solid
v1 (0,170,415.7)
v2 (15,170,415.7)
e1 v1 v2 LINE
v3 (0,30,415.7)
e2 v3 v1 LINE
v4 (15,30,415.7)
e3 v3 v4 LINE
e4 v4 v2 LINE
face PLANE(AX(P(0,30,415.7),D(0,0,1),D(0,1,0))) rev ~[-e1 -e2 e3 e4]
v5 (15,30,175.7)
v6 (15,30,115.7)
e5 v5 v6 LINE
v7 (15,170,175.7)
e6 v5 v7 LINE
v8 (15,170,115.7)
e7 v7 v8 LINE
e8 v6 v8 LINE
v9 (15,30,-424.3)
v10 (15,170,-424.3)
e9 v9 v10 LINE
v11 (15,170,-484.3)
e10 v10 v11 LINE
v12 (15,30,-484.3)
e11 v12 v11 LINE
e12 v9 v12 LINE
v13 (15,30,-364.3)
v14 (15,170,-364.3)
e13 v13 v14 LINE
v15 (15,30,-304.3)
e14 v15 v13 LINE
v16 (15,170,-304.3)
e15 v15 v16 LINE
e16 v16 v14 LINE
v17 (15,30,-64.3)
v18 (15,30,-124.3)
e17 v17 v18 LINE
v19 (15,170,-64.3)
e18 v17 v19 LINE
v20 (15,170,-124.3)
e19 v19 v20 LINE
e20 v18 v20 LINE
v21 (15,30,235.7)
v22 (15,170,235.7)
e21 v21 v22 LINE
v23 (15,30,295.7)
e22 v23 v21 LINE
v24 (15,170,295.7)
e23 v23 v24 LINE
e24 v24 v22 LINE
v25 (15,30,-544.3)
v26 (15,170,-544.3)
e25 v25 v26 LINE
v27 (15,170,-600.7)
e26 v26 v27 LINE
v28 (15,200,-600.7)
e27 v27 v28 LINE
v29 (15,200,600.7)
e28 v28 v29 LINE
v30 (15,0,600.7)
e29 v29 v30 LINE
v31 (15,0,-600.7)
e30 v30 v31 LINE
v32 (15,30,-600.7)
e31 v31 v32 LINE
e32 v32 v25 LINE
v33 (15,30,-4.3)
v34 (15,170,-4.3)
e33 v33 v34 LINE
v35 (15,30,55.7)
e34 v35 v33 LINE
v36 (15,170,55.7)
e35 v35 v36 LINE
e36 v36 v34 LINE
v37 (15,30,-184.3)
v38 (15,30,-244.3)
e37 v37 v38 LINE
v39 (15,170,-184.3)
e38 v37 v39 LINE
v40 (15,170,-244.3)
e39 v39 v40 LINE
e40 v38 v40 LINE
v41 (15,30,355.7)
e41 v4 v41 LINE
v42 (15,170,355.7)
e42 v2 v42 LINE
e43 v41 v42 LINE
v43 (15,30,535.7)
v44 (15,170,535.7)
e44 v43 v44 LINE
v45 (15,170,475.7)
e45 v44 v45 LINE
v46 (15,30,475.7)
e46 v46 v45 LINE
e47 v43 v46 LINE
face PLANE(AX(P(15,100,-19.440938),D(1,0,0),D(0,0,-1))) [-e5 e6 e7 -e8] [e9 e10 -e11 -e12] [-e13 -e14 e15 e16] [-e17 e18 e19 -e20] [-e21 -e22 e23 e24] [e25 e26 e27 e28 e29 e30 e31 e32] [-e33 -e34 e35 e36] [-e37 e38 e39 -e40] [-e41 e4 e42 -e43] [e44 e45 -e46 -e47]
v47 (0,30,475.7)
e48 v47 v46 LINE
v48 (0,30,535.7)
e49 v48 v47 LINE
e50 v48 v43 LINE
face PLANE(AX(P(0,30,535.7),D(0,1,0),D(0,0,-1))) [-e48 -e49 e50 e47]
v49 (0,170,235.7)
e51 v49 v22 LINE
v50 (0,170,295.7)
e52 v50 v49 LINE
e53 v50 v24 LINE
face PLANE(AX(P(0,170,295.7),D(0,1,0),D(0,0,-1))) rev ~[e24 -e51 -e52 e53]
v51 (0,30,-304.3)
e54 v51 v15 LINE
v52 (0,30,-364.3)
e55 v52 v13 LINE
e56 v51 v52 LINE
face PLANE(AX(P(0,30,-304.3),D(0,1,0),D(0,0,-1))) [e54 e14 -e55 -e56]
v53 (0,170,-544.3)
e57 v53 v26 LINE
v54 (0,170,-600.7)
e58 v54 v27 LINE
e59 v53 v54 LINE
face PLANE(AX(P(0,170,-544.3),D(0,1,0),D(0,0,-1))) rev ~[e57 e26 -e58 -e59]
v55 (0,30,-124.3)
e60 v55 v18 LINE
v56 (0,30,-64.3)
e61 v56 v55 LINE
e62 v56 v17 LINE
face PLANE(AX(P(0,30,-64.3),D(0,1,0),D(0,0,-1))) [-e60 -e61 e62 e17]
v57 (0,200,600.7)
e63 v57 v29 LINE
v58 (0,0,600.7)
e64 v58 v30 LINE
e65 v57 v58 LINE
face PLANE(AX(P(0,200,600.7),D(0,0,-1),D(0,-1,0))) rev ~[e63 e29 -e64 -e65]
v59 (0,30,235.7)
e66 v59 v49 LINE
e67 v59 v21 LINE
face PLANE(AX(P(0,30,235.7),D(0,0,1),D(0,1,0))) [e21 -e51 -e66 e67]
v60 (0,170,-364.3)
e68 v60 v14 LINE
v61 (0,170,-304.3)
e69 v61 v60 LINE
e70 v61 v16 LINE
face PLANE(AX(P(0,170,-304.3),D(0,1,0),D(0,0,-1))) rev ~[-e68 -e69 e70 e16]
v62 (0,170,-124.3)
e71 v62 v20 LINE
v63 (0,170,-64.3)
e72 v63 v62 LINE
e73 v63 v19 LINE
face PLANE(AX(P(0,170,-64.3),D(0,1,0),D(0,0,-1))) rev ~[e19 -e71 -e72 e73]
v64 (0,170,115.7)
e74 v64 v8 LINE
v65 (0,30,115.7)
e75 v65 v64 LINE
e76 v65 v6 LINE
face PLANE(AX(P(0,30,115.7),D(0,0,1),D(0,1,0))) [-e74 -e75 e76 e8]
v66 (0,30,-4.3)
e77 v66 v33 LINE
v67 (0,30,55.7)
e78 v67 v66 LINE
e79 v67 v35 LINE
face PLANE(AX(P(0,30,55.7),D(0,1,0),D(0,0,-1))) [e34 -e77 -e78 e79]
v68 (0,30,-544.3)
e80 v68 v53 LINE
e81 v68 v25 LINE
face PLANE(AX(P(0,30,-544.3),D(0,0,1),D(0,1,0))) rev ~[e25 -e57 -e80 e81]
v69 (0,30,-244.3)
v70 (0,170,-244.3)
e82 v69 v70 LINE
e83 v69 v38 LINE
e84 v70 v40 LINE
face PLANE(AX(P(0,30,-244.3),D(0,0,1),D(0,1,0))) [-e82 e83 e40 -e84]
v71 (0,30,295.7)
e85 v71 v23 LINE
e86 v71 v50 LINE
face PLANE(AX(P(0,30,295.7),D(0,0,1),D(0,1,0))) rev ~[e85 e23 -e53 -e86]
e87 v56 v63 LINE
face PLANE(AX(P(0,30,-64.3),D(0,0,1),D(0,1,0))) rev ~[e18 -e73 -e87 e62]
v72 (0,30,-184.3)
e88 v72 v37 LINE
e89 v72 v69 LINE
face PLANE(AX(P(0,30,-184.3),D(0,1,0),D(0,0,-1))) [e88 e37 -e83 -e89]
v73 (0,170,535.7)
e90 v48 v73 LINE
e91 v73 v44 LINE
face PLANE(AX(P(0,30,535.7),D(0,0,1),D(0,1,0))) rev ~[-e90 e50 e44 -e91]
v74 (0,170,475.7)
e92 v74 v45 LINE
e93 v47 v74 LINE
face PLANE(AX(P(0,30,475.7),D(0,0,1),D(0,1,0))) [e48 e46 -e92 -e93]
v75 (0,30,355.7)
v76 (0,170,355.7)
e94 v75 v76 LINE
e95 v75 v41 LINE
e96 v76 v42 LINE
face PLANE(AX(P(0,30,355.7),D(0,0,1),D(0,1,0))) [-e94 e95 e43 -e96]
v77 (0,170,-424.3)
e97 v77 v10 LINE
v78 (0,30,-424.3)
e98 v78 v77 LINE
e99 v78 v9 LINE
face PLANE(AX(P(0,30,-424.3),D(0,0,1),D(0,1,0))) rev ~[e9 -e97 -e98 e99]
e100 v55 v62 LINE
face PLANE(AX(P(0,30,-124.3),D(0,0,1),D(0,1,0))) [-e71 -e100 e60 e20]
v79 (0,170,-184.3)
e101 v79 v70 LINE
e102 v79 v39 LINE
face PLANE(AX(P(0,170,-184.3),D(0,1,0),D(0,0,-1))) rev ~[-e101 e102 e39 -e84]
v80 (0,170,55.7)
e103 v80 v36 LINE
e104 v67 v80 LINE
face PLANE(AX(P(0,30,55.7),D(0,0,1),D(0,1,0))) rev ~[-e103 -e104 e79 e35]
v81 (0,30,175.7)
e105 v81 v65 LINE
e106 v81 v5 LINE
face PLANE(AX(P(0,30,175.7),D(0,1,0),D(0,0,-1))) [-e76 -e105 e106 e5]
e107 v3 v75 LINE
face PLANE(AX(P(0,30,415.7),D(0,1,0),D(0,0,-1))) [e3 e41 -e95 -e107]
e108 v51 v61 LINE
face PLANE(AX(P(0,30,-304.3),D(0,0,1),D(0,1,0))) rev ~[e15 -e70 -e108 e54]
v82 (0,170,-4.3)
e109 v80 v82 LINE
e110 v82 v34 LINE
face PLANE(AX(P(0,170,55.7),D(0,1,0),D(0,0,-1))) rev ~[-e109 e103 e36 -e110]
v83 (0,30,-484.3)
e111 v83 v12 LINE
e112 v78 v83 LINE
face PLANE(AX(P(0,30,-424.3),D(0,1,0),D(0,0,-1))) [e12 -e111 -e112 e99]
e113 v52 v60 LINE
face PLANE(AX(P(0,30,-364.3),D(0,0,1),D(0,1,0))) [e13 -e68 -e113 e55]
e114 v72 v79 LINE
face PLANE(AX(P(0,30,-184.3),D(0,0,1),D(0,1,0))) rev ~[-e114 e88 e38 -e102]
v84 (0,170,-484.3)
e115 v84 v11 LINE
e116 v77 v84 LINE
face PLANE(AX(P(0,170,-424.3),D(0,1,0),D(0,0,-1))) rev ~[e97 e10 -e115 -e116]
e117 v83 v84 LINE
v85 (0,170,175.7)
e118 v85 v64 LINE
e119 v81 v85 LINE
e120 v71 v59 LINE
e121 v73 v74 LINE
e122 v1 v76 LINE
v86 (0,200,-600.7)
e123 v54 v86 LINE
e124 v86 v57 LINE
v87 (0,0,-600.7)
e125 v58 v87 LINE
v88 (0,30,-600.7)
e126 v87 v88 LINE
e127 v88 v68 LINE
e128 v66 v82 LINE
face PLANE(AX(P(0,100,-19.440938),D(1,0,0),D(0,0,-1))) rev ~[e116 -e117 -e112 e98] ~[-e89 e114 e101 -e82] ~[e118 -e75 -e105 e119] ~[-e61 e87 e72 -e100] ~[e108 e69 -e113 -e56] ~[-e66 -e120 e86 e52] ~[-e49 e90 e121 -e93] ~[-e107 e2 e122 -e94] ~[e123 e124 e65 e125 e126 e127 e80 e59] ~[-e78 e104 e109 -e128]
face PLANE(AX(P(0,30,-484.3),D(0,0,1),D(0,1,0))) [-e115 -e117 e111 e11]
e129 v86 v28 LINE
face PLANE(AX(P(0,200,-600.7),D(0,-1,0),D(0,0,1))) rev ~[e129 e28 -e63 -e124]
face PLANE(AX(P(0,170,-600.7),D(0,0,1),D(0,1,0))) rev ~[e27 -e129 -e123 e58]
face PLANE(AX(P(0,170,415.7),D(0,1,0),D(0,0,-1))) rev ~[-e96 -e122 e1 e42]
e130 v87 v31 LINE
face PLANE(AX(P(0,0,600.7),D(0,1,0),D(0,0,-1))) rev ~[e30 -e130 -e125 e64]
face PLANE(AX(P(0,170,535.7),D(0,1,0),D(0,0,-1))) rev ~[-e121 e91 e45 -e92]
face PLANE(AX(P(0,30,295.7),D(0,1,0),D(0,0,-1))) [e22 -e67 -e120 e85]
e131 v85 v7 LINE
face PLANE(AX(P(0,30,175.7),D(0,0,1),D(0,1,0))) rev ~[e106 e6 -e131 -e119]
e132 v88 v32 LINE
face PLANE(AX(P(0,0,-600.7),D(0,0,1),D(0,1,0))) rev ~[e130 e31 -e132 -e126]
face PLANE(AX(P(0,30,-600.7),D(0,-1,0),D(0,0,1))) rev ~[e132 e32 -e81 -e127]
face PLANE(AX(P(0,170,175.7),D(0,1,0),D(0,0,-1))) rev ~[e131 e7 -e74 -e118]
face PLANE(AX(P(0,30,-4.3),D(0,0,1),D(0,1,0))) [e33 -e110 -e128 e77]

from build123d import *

# Parameters (mm, degrees)
SKETCH1_W           = 60
SKETCH1_H           = 140
BOSS_EXTRUDE1_DEPTH = 15


with BuildPart() as part:
    # Sketch1 → Boss-Extrude1 (new body)
    with BuildSketch(Plane(origin=(0, 0, 0), x_dir=(0, 0, -1), z_dir=(1, 0, 0))):
        Polygon((-600.7, 0), (600.7, 0), (600.7, 30), (544.3, 30), (544.3, 170), (600.7, 170), (600.7, 200), (-600.7, 200), align=None)
        with Locations((-505.7, 100)):
            Rectangle(SKETCH1_W, SKETCH1_H, mode=Mode.SUBTRACT)
        with Locations((-385.7, 100)):
            Rectangle(SKETCH1_W, SKETCH1_H, mode=Mode.SUBTRACT)
        with Locations((-265.7, 100)):
            Rectangle(SKETCH1_W, SKETCH1_H, mode=Mode.SUBTRACT)
        with Locations((-145.7, 100)):
            Rectangle(SKETCH1_W, SKETCH1_H, mode=Mode.SUBTRACT)
        with Locations((-25.7, 100)):
            Rectangle(SKETCH1_W, SKETCH1_H, mode=Mode.SUBTRACT)
        with Locations((94.3, 100)):
            Rectangle(SKETCH1_W, SKETCH1_H, mode=Mode.SUBTRACT)
        with Locations((214.3, 100)):
            Rectangle(SKETCH1_W, SKETCH1_H, mode=Mode.SUBTRACT)
        with Locations((334.3, 100)):
            Rectangle(SKETCH1_W, SKETCH1_H, mode=Mode.SUBTRACT)
        with Locations((454.3, 100)):
            Rectangle(SKETCH1_W, SKETCH1_H, mode=Mode.SUBTRACT)
    extrude(amount=BOSS_EXTRUDE1_DEPTH)


solid = part.part
